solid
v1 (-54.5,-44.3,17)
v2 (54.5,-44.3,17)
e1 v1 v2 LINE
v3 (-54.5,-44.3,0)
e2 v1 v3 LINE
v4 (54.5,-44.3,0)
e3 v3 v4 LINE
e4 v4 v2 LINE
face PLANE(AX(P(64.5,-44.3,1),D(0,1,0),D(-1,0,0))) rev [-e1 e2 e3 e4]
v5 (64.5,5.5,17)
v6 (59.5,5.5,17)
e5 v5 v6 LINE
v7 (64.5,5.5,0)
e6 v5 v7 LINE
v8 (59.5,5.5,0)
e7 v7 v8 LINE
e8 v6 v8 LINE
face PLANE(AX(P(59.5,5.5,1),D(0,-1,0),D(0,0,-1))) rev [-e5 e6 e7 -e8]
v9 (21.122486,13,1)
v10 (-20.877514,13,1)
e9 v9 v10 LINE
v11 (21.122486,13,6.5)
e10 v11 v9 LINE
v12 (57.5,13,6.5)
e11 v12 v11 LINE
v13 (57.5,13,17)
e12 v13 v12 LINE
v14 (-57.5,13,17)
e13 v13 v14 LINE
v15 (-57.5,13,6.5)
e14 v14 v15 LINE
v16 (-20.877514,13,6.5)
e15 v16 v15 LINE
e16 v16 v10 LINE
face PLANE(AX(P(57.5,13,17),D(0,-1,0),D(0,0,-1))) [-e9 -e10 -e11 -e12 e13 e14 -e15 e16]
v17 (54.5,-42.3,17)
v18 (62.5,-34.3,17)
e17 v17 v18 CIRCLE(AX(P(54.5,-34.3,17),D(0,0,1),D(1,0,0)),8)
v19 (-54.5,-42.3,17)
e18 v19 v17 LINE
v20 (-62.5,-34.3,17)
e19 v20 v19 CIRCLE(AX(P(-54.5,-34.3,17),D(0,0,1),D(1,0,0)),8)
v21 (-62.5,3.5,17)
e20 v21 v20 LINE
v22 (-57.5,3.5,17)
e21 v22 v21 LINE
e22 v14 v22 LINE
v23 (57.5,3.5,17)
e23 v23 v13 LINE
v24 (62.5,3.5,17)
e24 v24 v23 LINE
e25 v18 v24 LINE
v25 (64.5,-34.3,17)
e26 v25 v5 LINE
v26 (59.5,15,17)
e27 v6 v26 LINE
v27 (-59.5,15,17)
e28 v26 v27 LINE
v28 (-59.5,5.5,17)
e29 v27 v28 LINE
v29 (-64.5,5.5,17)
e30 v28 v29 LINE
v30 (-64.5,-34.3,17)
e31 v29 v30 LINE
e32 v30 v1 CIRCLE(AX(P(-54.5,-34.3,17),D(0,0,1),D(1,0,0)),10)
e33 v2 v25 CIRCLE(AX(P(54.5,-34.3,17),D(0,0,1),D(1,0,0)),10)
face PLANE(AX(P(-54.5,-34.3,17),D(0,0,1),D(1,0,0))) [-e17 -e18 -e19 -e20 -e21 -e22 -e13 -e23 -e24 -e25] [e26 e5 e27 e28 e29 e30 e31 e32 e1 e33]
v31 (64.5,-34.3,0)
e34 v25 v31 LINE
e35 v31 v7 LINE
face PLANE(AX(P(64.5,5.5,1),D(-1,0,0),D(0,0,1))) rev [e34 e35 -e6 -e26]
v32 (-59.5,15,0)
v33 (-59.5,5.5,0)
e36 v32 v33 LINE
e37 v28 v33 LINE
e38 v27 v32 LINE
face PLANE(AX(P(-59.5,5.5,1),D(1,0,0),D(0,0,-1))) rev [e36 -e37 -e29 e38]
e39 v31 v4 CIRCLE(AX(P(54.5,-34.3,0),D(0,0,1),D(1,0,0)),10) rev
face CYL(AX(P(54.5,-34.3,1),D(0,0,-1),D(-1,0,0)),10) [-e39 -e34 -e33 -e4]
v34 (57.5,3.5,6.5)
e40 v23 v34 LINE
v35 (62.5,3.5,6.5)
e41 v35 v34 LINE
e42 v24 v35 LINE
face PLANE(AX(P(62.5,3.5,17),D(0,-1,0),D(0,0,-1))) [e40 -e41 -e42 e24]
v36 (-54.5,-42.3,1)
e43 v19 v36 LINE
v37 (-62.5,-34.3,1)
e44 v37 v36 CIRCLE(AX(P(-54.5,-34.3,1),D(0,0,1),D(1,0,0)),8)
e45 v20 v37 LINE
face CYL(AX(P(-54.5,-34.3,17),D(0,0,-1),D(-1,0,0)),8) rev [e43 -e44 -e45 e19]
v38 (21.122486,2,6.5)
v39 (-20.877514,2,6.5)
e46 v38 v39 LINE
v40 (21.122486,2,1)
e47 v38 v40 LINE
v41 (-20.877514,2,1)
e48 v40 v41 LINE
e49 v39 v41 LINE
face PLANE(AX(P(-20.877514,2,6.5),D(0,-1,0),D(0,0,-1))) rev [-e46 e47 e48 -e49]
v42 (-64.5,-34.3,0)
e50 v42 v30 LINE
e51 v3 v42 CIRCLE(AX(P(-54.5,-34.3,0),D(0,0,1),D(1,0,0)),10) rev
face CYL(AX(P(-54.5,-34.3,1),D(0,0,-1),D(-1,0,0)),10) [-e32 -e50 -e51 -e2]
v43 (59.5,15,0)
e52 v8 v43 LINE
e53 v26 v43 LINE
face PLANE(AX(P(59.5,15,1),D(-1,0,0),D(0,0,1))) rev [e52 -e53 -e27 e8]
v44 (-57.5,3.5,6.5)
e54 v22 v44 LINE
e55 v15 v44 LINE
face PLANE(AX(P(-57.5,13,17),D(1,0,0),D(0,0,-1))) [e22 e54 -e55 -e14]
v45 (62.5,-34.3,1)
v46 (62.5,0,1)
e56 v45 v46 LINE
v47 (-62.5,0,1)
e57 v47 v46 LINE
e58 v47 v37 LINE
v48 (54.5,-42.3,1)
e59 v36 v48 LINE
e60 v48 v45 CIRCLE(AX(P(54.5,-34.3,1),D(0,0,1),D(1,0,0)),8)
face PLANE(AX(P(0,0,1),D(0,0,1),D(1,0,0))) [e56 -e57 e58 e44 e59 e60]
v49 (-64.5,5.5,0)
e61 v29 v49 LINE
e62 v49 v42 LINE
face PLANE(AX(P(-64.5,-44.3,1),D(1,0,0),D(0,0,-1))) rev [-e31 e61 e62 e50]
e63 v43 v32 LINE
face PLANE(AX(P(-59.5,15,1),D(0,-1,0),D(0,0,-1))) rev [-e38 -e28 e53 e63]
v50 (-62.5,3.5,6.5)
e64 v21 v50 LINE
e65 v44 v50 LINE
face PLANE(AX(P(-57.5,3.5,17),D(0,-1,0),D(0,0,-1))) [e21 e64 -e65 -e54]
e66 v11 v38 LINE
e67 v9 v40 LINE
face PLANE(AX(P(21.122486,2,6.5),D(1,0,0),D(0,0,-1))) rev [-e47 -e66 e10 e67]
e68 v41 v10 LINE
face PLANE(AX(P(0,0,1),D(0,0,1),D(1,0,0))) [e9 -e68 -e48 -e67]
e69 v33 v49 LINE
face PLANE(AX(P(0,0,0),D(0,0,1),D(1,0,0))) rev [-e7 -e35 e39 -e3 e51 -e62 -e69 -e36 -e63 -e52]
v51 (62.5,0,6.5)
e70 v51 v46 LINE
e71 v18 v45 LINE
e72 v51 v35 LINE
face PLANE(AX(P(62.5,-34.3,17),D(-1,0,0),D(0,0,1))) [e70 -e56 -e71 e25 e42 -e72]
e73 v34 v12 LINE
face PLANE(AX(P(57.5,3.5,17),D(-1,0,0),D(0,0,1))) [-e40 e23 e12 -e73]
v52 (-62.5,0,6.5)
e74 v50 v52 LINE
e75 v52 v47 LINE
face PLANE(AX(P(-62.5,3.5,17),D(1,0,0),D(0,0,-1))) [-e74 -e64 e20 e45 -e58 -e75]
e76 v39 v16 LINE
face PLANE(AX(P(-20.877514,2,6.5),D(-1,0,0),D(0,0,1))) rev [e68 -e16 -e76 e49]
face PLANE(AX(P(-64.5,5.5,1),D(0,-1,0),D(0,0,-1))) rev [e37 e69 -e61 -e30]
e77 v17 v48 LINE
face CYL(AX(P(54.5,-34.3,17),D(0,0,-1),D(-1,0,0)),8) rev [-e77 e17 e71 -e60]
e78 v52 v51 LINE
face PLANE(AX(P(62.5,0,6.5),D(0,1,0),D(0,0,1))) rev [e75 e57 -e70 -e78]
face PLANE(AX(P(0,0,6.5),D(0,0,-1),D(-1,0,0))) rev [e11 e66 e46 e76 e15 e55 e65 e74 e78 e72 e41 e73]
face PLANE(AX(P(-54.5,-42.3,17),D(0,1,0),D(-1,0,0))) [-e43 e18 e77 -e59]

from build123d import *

# Parameters (mm, degrees)
BOSS_EXTRUDE1_DEPTH = 1
FILLET1_R           = 10
BOSS_EXTRUDE2_START = 16
BOSS_EXTRUDE2_DEPTH = 16
BOSS_EXTRUDE3_DEPTH = 5.5


with BuildPart() as part:
    # Sketch1 → Boss-Extrude1 (new body)
    with BuildSketch(Plane.XY):
        Polygon((-59.5, 15), (59.5, 15), (59.5, 5.5), (64.5, 5.5), (64.5, -44.3), (-64.5, -44.3), (-64.5, 5.5), (-59.5, 5.5), align=None)
    extrude(amount=BOSS_EXTRUDE1_DEPTH)

    # Fillet1
    fillet1_edges = [part.edges().sort_by_distance(p)[0] for p in [
        (64.5, -44.3, 0.5),
        (-64.5, -44.3, 0.5),
    ]]
    fillet(fillet1_edges, radius=FILLET1_R)

    # Sketch2 → Boss-Extrude2 (add)
    with BuildSketch(Plane.XY.offset(1).offset(BOSS_EXTRUDE2_START)):
        with BuildLine():
            Line((59.5, 5.5), (59.5, 15))
            Line((59.5, 15), (-59.5, 15))
            Line((-59.5, 15), (-59.5, 5.5))
            Line((-59.5, 5.5), (-64.5, 5.5))
            Line((-64.5, 5.5), (-64.5, -34.3))
            ThreePointArc((-64.5, -34.3), (-61.571067812, -41.371067812), (-54.5, -44.3))
            Line((-54.5, -44.3), (54.5, -44.3))
            ThreePointArc((54.5, -44.3), (61.571067812, -41.371067812), (64.5, -34.3))
            Line((64.5, -34.3), (64.5, 5.5))
            Line((64.5, 5.5), (59.5, 5.5))
        make_face()
        with BuildLine():
            Line((-54.5, -42.3), (54.5, -42.3))
            ThreePointArc((54.5, -42.3), (60.156854249, -39.956854249), (62.5, -34.3))
            Line((62.5, -34.3), (62.5, 3.5))
            Line((62.5, 3.5), (57.5, 3.5))
            Line((57.5, 3.5), (57.5, 13))
            Line((57.5, 13), (-57.5, 13))
            Line((-57.5, 13), (-57.5, 3.5))
            Line((-57.5, 3.5), (-62.5, 3.5))
            Line((-62.5, 3.5), (-62.5, -34.3))
            ThreePointArc((-62.5, -34.3), (-60.156854249, -39.956854249), (-54.5, -42.3))
        make_face(mode=Mode.SUBTRACT)
    extrude(amount=-BOSS_EXTRUDE2_DEPTH)

    # Sketch3 → Boss-Extrude3 (add)
    with BuildSketch(Plane.XY.offset(1)):
        Polygon((-20.877513704, 2), (21.122486296, 2), (21.122486296, 13), (57.5, 13), (57.5, 3.5), (62.5, 3.5), (62.5, 0), (-62.5, 0), (-62.5, 3.5), (-57.5, 3.5), (-57.5, 13), (-20.877513704, 13), align=None)
    extrude(amount=BOSS_EXTRUDE3_DEPTH)


solid = part.part
